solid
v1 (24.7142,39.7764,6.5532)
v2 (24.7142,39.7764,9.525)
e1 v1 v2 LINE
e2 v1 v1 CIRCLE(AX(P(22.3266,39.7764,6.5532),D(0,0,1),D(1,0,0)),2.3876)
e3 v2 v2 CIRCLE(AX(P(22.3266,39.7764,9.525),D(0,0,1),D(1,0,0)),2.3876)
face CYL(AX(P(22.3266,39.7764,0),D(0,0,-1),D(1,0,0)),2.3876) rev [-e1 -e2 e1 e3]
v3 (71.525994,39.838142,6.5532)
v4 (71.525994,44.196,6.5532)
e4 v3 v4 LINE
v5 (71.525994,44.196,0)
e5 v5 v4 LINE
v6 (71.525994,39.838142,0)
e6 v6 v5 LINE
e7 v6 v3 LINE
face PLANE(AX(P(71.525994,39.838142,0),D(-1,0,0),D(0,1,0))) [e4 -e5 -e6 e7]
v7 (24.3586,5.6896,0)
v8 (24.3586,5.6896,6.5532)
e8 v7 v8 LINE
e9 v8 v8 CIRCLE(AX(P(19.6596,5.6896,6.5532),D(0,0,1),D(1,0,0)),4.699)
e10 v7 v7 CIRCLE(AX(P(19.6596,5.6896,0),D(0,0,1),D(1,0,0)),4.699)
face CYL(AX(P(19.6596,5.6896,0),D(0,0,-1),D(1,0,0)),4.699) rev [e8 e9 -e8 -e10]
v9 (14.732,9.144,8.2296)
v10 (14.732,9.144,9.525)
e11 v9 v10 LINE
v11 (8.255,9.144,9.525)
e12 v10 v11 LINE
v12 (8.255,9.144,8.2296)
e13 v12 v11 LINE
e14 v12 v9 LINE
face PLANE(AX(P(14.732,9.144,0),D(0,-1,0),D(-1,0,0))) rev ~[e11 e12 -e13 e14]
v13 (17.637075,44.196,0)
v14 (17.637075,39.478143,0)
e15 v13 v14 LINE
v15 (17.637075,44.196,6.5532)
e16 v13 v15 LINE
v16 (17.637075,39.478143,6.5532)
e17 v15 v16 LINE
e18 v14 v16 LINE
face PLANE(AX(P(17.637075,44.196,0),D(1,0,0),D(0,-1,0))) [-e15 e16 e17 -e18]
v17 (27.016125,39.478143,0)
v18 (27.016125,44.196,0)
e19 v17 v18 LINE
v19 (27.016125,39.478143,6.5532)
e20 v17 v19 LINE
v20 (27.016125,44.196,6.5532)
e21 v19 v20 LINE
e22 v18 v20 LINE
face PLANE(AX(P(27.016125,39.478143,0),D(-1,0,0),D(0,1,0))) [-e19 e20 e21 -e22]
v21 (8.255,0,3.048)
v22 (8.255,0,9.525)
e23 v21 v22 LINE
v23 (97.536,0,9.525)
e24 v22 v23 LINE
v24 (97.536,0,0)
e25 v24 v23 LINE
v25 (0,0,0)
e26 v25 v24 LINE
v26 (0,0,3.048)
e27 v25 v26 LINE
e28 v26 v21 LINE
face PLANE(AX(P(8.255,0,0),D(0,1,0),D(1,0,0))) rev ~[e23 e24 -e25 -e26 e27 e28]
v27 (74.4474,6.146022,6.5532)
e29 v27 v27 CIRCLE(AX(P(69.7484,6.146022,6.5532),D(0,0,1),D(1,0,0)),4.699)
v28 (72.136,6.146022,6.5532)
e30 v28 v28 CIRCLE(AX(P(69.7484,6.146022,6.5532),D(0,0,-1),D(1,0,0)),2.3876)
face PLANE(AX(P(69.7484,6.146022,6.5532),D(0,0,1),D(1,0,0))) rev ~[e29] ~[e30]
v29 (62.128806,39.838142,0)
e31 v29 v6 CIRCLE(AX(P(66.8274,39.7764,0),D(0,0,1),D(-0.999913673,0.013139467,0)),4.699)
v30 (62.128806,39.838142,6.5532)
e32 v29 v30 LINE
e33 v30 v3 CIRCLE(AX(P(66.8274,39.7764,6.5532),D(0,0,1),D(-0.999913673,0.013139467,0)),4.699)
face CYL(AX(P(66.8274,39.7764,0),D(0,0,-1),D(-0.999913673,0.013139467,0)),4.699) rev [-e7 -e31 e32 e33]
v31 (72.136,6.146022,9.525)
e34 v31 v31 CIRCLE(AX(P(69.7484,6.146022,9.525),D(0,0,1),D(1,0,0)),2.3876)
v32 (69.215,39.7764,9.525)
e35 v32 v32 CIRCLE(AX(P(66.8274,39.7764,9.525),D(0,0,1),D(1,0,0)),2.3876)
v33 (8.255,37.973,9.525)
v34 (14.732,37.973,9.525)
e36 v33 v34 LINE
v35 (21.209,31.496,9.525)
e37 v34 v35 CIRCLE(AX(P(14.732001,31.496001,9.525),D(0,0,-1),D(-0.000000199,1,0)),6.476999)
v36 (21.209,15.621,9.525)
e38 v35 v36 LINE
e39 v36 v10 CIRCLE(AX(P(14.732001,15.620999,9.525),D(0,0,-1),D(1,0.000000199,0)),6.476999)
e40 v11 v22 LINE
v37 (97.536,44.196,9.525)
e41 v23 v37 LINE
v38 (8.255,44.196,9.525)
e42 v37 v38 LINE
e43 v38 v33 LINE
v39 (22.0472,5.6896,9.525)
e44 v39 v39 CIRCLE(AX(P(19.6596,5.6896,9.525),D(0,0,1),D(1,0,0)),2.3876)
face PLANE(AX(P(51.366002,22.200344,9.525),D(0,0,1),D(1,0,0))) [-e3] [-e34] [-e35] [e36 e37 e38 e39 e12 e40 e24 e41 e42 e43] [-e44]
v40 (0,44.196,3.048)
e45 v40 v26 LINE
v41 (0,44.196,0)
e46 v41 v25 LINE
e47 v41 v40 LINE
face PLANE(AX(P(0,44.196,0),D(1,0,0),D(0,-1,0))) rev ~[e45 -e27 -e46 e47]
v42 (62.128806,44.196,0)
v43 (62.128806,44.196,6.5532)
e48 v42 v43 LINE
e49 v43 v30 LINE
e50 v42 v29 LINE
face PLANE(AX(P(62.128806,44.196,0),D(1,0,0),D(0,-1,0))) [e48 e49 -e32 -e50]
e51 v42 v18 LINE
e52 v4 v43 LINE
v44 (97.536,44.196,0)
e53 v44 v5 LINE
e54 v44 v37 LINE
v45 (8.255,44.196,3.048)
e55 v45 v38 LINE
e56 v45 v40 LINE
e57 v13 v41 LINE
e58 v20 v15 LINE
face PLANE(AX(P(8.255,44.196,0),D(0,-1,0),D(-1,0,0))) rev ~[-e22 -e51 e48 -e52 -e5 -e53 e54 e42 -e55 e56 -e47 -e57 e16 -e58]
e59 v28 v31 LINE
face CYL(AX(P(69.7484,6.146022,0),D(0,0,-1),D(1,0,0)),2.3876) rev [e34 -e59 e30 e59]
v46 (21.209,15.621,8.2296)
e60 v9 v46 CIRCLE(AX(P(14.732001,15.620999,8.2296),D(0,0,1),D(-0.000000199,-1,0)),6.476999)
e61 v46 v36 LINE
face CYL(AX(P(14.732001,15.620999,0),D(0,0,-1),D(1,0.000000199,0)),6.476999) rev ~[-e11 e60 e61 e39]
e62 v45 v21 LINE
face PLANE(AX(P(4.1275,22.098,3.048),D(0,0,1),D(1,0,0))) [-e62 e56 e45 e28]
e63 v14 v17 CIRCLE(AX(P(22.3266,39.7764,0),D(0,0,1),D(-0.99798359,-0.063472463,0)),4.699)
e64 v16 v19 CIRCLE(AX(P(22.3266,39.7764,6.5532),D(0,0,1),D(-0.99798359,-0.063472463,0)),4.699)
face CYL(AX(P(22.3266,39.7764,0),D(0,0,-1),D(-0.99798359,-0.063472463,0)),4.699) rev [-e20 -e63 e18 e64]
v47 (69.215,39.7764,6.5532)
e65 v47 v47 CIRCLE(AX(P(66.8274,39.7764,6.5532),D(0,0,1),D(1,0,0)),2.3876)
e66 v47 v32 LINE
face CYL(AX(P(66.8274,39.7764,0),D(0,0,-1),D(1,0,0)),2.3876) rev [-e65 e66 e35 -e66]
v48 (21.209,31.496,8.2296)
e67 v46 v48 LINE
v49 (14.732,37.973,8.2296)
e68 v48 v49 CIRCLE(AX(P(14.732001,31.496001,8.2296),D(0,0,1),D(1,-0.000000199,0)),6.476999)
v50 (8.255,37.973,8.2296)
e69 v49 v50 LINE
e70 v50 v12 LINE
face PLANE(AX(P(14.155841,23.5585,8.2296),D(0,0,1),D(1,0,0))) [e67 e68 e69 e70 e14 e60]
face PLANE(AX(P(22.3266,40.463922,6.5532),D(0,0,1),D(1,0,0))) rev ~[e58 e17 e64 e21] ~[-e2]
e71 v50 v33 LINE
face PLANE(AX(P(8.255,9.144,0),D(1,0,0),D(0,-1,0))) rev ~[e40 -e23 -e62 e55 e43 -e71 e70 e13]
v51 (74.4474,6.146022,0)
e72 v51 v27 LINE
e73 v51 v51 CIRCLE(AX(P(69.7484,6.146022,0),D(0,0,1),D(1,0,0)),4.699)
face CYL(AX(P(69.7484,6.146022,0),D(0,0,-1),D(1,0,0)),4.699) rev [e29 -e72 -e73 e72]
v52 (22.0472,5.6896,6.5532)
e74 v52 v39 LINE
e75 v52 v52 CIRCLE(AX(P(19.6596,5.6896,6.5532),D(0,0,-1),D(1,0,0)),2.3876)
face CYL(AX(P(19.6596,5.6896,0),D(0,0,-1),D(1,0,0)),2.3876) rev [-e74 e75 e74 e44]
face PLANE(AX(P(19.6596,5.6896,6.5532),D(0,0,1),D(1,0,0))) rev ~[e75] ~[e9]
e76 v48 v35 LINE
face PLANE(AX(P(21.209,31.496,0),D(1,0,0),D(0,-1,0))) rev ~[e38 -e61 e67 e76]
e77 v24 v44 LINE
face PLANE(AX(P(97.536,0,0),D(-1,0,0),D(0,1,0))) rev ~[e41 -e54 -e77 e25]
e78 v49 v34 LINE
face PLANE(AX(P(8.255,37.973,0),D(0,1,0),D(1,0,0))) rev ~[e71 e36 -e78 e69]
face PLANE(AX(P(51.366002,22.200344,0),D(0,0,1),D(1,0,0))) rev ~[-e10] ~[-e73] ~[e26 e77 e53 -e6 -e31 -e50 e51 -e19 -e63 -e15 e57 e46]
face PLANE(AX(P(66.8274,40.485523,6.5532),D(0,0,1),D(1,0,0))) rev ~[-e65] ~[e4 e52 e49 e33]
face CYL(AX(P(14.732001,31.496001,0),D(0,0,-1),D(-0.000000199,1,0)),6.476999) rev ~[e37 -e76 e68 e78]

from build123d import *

# Parameters (mm, degrees)
F1_DEPTH = 3.048
F2_DEPTH = 8.2296
F0_R     = 2.3876
F3_DEPTH = 9.525
F4_R     = 4.699
F4_R_2   = 2.3876
F5_DEPTH = 6.5532


with BuildPart() as f1:
    # F0 (on Top) → F1 (new body)
    with BuildSketch(Plane.XY):
        Polygon((0, 44.196), (0, 0), (8.255, 0), (8.255, 9.144), (8.255, 37.973), (8.255, 44.196), align=None)
    extrude(amount=F1_DEPTH)

    # F0 (on Top) → F2 (join)
    with BuildSketch(Plane.XY):
        with BuildLine():
            Line((8.255, 37.973), (8.255, 9.144))
            Line((8.255, 9.144), (14.732, 9.144))
            ThreePointArc((14.732, 9.144), (19.311931, 11.041069), (21.209, 15.621))
            Line((21.209, 15.621), (21.209, 31.496))
            ThreePointArc((21.209, 31.496), (19.311931, 36.075931), (14.732, 37.973))
            Line((14.732, 37.973), (8.255, 37.973))
        make_face()
    extrude(amount=F2_DEPTH)

    # F0 (on Top) → F3 (join)
    with BuildSketch(Plane.XY):
        with BuildLine():
            Line((8.255, 9.144), (8.255, 0))
            Line((8.255, 0), (97.536, 0))
            Line((97.536, 0), (97.536, 44.196))
            Line((97.536, 44.196), (8.255, 44.196))
            Line((8.255, 44.196), (8.255, 37.973))
            Line((8.255, 37.973), (14.732, 37.973))
            ThreePointArc((14.732, 37.973), (19.311931, 36.075931), (21.209, 31.496))
            Line((21.209, 31.496), (21.209, 15.621))
            ThreePointArc((21.209, 15.621), (19.311931, 11.041069), (14.732, 9.144))
            Line((14.732, 9.144), (8.255, 9.144))
        make_face()
        with Locations((19.6596, 5.6896)):
            Circle(F0_R, mode=Mode.SUBTRACT)
        with Locations((69.7484, 6.146022)):
            Circle(F0_R, mode=Mode.SUBTRACT)
        with Locations((22.3266, 39.7764)):
            Circle(F0_R, mode=Mode.SUBTRACT)
        with Locations((66.8274, 39.7764)):
            Circle(F0_R, mode=Mode.SUBTRACT)
    extrude(amount=F3_DEPTH)

    # F4 (on face) → F5 (cut)
    with BuildSketch(Plane.XY):
        with Locations((69.7484, 6.146022)):
            Circle(F4_R)
        with Locations((19.6596, 5.6896)):
            Circle(F4_R)
        with BuildLine():
            Line((71.525994, 39.838142), (71.525994, 44.196))
            Line((71.525994, 44.196), (62.128806, 44.196))
            Line((62.128806, 44.196), (62.128806, 39.838142))
            ThreePointArc((62.128806, 39.838142), (66.8274, 35.0774), (71.525994, 39.838142))
        make_face()
        with Locations((66.8274, 39.7764)):
            Circle(F4_R_2, mode=Mode.SUBTRACT)
        with BuildLine():
            Line((27.016125, 44.196), (17.637075, 44.196))
            Line((17.637075, 44.196), (17.637075, 39.478143))
            ThreePointArc((17.637075, 39.478143), (22.3266, 35.0774), (27.016125, 39.478143))
            Line((27.016125, 39.478143), (27.016125, 44.196))
        make_face()
        with Locations((22.3266, 39.7764)):
            Circle(F4_R_2, mode=Mode.SUBTRACT)
    extrude(amount=F5_DEPTH, mode=Mode.SUBTRACT)


solid = f1.part
